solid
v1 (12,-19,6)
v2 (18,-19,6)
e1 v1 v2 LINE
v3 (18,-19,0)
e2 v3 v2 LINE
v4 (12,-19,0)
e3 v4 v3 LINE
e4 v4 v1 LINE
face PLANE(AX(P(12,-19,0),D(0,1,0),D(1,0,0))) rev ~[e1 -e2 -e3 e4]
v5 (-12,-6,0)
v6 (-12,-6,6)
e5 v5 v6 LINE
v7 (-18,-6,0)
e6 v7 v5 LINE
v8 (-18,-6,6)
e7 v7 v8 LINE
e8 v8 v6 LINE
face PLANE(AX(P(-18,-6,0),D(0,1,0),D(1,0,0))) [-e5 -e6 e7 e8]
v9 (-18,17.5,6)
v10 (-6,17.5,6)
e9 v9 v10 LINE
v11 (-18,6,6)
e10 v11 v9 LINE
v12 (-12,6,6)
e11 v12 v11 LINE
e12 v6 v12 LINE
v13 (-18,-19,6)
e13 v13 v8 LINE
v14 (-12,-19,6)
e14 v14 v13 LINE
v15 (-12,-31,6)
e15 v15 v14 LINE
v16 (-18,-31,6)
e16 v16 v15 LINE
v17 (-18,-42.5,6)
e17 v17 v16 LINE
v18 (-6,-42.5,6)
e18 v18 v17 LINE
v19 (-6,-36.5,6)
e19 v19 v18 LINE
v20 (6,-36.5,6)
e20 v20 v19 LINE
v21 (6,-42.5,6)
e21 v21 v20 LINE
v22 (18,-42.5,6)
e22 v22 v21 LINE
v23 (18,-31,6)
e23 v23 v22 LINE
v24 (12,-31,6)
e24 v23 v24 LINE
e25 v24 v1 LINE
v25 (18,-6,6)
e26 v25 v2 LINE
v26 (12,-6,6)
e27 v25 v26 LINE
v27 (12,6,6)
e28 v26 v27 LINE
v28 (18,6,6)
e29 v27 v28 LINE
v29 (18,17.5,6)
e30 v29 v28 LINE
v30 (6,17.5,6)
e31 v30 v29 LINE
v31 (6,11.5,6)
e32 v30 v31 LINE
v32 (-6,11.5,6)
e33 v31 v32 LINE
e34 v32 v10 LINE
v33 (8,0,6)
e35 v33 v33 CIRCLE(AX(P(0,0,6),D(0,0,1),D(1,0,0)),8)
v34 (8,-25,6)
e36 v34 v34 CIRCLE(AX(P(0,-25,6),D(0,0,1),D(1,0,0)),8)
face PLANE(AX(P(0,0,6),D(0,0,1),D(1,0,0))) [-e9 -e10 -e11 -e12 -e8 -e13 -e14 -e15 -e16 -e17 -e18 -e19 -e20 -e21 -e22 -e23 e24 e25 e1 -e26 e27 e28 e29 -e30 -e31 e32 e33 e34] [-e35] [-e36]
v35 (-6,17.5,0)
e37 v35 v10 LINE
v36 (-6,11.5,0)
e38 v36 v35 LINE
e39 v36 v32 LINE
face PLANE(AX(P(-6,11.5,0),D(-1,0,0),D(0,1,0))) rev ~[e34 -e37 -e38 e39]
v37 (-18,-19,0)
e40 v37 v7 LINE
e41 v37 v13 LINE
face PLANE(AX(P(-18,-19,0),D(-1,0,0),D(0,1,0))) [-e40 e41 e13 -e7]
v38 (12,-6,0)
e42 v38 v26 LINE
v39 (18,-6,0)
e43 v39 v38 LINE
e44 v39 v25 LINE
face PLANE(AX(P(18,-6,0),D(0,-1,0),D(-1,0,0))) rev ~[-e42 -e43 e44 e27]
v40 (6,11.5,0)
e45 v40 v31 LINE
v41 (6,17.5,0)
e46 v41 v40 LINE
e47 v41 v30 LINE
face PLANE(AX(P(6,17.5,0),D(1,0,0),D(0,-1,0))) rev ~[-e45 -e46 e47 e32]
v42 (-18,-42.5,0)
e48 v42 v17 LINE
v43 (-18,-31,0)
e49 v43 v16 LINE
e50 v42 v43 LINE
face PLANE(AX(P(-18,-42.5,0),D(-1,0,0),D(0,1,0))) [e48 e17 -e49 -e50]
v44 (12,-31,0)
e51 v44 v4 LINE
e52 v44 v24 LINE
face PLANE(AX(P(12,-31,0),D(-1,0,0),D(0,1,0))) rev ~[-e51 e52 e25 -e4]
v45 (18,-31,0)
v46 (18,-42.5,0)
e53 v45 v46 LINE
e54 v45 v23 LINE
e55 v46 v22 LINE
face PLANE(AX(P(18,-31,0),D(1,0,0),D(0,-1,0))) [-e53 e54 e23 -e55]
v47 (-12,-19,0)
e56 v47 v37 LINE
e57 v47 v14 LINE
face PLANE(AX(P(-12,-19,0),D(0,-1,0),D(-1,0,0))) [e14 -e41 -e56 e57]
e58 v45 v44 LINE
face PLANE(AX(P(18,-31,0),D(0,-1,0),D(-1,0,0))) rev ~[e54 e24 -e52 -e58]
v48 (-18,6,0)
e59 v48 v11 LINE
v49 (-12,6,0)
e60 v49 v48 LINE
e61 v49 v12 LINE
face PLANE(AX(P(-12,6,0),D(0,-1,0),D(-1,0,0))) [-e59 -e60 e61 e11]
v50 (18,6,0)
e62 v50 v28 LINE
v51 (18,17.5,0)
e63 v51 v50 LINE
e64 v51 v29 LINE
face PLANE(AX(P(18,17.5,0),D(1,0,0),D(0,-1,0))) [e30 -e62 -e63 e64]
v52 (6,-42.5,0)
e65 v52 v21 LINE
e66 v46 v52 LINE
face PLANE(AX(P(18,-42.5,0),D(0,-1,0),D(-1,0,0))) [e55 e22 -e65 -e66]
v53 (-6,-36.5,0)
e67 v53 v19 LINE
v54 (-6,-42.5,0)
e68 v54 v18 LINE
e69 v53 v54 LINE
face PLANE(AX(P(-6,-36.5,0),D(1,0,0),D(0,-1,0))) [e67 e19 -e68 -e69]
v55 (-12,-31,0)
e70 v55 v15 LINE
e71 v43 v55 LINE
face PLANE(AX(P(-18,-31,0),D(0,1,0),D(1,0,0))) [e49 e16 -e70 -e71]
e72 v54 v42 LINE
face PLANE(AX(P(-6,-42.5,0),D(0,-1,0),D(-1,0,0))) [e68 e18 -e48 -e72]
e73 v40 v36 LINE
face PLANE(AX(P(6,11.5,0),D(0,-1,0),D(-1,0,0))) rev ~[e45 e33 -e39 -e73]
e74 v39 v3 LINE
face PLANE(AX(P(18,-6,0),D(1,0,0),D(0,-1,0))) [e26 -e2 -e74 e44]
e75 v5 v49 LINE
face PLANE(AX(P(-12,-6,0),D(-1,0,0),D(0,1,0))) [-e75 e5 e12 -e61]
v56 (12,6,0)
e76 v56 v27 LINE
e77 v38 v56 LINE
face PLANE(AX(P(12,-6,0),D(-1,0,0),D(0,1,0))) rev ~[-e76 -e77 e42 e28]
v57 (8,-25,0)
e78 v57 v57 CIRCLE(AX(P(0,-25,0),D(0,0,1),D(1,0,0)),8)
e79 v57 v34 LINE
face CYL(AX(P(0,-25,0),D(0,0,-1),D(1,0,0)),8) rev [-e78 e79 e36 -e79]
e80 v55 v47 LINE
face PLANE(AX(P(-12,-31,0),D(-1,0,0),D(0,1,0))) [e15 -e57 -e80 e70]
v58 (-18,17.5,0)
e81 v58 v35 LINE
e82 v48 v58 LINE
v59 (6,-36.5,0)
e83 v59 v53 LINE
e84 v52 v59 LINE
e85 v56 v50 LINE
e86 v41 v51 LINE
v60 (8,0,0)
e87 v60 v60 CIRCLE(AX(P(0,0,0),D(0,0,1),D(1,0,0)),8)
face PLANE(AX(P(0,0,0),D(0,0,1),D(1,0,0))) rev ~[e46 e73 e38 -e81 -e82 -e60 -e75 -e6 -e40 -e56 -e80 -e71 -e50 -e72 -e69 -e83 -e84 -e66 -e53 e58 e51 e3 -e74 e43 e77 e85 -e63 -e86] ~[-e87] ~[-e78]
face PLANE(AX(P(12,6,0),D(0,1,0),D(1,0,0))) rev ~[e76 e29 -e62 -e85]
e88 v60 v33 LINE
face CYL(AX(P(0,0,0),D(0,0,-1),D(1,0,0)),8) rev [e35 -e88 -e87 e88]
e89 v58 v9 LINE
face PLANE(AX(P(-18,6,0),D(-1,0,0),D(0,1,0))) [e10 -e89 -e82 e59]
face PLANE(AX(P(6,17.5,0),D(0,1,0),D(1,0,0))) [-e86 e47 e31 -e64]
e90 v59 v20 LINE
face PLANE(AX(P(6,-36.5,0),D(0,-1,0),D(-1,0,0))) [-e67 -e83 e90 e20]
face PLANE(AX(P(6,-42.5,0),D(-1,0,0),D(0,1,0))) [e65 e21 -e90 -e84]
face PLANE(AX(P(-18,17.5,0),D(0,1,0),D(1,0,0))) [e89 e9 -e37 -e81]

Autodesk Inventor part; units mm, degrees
ref_plane "YZ Plane" through (0, 0, 0) normal (1, 0, 0) x (0, 1, 0)
ref_plane "XZ Plane" through (0, 0, 0) normal (0, 1, 0) x (-1, 0, 0)
ref_plane "XY Plane" through (0, 0, 0) normal (0, 0, 1) x (1, 0, 0)
sketch "Sketch1" plane through (0, 0, 0) normal (0, 0, 1) x (1, 0, 0)
  circle A0 centre (0, 0) radius 8
  circle A1 centre (0, -25) radius 8
  line L0 (0, 0) -> (0, -25) construction
  line L1 (-18, 17.5) -> (18, 17.5)
  line L2 (18, 17.5) -> (18, -42.5)
  line L3 (18, -42.5) -> (-18, -42.5)
  line L4 (-18, -42.5) -> (-18, 17.5)
  line L5 (-18, 17.5) -> (18, -42.5) construction
  line L6 (18, 17.5) -> (-18, -42.5) construction
  line L7 (-6, 17.5) -> (6, 17.5)
  line L8 (6, 17.5) -> (6, 11.5)
  line L9 (6, 11.5) -> (-6, 11.5)
  line L10 (-6, 11.5) -> (-6, 17.5)
  line L11 (-6, -42.5) -> (6, -42.5)
  line L12 (6, -42.5) -> (6, -36.5)
  line L13 (6, -36.5) -> (-6, -36.5)
  line L14 (-6, -36.5) -> (-6, -42.5)
  line L15 (-18, -31) -> (-12, -31)
  line L16 (-12, -31) -> (-12, -19)
  line L17 (-12, -19) -> (-18, -19)
  line L18 (-18, -19) -> (-18, -31)
  line L19 (-18, -6) -> (-12, -6)
  line L20 (-12, -6) -> (-12, 6)
  line L21 (-12, 6) -> (-18, 6)
  line L22 (-18, 6) -> (-18, -6)
  line L23 (18, -6) -> (12, -6)
  line L24 (12, -6) -> (12, 6)
  line L25 (12, 6) -> (18, 6)
  line L26 (18, 6) -> (18, -6)
  line L27 (18, -31) -> (12, -31)
  line L28 (12, -31) -> (12, -19)
  line L29 (12, -19) -> (18, -19)
  line L30 (18, -19) -> (18, -31)
  point P0 (0, -12.5)
  point P1 (0, 11.5)
  point P2 (0, 17.5)
  point P3 (12, 0)
  point P4 (-12, 0)
  point P5 (-12, -25)
  point P6 (12, -25)
  dimension "d0" = 16
  dimension "d1" = 25
  dimension "d2" = 36
  dimension "d3" = 60
  dimension "d4" = 12
  dimension "d5" = 6
extrude "Plate1" add sketch "Sketch1" along normal blind 6 contours L1 L10 L9 L8 L2 L25 L24 L23 L29 L28 L27 L3 L12 L13 L14 L4 L15 L16 L17 L19 L20 L21
equation "\"d7\" = Thickness"
equation "\"BendRadius\" = Thickness"
equation "\"BendReliefWidth\" = Thickness"
equation "\"BendReliefDepth\" = 0.5 * Thickness"
equation "\"CornerReliefSize\" = 4 * Thickness"
equation "\"MinimumRemnant\" = 2 * Thickness"
equation "\"TransitionRadius\" = BendRadius"
equation "\"JacobiRadiusSize\" = BendRadius"
equation "\"GapSize\" = Thickness"
equation "\"Thickness\" = 6"
properties part number "voorkant knoppendoosje" material "Wood (Birch)"
